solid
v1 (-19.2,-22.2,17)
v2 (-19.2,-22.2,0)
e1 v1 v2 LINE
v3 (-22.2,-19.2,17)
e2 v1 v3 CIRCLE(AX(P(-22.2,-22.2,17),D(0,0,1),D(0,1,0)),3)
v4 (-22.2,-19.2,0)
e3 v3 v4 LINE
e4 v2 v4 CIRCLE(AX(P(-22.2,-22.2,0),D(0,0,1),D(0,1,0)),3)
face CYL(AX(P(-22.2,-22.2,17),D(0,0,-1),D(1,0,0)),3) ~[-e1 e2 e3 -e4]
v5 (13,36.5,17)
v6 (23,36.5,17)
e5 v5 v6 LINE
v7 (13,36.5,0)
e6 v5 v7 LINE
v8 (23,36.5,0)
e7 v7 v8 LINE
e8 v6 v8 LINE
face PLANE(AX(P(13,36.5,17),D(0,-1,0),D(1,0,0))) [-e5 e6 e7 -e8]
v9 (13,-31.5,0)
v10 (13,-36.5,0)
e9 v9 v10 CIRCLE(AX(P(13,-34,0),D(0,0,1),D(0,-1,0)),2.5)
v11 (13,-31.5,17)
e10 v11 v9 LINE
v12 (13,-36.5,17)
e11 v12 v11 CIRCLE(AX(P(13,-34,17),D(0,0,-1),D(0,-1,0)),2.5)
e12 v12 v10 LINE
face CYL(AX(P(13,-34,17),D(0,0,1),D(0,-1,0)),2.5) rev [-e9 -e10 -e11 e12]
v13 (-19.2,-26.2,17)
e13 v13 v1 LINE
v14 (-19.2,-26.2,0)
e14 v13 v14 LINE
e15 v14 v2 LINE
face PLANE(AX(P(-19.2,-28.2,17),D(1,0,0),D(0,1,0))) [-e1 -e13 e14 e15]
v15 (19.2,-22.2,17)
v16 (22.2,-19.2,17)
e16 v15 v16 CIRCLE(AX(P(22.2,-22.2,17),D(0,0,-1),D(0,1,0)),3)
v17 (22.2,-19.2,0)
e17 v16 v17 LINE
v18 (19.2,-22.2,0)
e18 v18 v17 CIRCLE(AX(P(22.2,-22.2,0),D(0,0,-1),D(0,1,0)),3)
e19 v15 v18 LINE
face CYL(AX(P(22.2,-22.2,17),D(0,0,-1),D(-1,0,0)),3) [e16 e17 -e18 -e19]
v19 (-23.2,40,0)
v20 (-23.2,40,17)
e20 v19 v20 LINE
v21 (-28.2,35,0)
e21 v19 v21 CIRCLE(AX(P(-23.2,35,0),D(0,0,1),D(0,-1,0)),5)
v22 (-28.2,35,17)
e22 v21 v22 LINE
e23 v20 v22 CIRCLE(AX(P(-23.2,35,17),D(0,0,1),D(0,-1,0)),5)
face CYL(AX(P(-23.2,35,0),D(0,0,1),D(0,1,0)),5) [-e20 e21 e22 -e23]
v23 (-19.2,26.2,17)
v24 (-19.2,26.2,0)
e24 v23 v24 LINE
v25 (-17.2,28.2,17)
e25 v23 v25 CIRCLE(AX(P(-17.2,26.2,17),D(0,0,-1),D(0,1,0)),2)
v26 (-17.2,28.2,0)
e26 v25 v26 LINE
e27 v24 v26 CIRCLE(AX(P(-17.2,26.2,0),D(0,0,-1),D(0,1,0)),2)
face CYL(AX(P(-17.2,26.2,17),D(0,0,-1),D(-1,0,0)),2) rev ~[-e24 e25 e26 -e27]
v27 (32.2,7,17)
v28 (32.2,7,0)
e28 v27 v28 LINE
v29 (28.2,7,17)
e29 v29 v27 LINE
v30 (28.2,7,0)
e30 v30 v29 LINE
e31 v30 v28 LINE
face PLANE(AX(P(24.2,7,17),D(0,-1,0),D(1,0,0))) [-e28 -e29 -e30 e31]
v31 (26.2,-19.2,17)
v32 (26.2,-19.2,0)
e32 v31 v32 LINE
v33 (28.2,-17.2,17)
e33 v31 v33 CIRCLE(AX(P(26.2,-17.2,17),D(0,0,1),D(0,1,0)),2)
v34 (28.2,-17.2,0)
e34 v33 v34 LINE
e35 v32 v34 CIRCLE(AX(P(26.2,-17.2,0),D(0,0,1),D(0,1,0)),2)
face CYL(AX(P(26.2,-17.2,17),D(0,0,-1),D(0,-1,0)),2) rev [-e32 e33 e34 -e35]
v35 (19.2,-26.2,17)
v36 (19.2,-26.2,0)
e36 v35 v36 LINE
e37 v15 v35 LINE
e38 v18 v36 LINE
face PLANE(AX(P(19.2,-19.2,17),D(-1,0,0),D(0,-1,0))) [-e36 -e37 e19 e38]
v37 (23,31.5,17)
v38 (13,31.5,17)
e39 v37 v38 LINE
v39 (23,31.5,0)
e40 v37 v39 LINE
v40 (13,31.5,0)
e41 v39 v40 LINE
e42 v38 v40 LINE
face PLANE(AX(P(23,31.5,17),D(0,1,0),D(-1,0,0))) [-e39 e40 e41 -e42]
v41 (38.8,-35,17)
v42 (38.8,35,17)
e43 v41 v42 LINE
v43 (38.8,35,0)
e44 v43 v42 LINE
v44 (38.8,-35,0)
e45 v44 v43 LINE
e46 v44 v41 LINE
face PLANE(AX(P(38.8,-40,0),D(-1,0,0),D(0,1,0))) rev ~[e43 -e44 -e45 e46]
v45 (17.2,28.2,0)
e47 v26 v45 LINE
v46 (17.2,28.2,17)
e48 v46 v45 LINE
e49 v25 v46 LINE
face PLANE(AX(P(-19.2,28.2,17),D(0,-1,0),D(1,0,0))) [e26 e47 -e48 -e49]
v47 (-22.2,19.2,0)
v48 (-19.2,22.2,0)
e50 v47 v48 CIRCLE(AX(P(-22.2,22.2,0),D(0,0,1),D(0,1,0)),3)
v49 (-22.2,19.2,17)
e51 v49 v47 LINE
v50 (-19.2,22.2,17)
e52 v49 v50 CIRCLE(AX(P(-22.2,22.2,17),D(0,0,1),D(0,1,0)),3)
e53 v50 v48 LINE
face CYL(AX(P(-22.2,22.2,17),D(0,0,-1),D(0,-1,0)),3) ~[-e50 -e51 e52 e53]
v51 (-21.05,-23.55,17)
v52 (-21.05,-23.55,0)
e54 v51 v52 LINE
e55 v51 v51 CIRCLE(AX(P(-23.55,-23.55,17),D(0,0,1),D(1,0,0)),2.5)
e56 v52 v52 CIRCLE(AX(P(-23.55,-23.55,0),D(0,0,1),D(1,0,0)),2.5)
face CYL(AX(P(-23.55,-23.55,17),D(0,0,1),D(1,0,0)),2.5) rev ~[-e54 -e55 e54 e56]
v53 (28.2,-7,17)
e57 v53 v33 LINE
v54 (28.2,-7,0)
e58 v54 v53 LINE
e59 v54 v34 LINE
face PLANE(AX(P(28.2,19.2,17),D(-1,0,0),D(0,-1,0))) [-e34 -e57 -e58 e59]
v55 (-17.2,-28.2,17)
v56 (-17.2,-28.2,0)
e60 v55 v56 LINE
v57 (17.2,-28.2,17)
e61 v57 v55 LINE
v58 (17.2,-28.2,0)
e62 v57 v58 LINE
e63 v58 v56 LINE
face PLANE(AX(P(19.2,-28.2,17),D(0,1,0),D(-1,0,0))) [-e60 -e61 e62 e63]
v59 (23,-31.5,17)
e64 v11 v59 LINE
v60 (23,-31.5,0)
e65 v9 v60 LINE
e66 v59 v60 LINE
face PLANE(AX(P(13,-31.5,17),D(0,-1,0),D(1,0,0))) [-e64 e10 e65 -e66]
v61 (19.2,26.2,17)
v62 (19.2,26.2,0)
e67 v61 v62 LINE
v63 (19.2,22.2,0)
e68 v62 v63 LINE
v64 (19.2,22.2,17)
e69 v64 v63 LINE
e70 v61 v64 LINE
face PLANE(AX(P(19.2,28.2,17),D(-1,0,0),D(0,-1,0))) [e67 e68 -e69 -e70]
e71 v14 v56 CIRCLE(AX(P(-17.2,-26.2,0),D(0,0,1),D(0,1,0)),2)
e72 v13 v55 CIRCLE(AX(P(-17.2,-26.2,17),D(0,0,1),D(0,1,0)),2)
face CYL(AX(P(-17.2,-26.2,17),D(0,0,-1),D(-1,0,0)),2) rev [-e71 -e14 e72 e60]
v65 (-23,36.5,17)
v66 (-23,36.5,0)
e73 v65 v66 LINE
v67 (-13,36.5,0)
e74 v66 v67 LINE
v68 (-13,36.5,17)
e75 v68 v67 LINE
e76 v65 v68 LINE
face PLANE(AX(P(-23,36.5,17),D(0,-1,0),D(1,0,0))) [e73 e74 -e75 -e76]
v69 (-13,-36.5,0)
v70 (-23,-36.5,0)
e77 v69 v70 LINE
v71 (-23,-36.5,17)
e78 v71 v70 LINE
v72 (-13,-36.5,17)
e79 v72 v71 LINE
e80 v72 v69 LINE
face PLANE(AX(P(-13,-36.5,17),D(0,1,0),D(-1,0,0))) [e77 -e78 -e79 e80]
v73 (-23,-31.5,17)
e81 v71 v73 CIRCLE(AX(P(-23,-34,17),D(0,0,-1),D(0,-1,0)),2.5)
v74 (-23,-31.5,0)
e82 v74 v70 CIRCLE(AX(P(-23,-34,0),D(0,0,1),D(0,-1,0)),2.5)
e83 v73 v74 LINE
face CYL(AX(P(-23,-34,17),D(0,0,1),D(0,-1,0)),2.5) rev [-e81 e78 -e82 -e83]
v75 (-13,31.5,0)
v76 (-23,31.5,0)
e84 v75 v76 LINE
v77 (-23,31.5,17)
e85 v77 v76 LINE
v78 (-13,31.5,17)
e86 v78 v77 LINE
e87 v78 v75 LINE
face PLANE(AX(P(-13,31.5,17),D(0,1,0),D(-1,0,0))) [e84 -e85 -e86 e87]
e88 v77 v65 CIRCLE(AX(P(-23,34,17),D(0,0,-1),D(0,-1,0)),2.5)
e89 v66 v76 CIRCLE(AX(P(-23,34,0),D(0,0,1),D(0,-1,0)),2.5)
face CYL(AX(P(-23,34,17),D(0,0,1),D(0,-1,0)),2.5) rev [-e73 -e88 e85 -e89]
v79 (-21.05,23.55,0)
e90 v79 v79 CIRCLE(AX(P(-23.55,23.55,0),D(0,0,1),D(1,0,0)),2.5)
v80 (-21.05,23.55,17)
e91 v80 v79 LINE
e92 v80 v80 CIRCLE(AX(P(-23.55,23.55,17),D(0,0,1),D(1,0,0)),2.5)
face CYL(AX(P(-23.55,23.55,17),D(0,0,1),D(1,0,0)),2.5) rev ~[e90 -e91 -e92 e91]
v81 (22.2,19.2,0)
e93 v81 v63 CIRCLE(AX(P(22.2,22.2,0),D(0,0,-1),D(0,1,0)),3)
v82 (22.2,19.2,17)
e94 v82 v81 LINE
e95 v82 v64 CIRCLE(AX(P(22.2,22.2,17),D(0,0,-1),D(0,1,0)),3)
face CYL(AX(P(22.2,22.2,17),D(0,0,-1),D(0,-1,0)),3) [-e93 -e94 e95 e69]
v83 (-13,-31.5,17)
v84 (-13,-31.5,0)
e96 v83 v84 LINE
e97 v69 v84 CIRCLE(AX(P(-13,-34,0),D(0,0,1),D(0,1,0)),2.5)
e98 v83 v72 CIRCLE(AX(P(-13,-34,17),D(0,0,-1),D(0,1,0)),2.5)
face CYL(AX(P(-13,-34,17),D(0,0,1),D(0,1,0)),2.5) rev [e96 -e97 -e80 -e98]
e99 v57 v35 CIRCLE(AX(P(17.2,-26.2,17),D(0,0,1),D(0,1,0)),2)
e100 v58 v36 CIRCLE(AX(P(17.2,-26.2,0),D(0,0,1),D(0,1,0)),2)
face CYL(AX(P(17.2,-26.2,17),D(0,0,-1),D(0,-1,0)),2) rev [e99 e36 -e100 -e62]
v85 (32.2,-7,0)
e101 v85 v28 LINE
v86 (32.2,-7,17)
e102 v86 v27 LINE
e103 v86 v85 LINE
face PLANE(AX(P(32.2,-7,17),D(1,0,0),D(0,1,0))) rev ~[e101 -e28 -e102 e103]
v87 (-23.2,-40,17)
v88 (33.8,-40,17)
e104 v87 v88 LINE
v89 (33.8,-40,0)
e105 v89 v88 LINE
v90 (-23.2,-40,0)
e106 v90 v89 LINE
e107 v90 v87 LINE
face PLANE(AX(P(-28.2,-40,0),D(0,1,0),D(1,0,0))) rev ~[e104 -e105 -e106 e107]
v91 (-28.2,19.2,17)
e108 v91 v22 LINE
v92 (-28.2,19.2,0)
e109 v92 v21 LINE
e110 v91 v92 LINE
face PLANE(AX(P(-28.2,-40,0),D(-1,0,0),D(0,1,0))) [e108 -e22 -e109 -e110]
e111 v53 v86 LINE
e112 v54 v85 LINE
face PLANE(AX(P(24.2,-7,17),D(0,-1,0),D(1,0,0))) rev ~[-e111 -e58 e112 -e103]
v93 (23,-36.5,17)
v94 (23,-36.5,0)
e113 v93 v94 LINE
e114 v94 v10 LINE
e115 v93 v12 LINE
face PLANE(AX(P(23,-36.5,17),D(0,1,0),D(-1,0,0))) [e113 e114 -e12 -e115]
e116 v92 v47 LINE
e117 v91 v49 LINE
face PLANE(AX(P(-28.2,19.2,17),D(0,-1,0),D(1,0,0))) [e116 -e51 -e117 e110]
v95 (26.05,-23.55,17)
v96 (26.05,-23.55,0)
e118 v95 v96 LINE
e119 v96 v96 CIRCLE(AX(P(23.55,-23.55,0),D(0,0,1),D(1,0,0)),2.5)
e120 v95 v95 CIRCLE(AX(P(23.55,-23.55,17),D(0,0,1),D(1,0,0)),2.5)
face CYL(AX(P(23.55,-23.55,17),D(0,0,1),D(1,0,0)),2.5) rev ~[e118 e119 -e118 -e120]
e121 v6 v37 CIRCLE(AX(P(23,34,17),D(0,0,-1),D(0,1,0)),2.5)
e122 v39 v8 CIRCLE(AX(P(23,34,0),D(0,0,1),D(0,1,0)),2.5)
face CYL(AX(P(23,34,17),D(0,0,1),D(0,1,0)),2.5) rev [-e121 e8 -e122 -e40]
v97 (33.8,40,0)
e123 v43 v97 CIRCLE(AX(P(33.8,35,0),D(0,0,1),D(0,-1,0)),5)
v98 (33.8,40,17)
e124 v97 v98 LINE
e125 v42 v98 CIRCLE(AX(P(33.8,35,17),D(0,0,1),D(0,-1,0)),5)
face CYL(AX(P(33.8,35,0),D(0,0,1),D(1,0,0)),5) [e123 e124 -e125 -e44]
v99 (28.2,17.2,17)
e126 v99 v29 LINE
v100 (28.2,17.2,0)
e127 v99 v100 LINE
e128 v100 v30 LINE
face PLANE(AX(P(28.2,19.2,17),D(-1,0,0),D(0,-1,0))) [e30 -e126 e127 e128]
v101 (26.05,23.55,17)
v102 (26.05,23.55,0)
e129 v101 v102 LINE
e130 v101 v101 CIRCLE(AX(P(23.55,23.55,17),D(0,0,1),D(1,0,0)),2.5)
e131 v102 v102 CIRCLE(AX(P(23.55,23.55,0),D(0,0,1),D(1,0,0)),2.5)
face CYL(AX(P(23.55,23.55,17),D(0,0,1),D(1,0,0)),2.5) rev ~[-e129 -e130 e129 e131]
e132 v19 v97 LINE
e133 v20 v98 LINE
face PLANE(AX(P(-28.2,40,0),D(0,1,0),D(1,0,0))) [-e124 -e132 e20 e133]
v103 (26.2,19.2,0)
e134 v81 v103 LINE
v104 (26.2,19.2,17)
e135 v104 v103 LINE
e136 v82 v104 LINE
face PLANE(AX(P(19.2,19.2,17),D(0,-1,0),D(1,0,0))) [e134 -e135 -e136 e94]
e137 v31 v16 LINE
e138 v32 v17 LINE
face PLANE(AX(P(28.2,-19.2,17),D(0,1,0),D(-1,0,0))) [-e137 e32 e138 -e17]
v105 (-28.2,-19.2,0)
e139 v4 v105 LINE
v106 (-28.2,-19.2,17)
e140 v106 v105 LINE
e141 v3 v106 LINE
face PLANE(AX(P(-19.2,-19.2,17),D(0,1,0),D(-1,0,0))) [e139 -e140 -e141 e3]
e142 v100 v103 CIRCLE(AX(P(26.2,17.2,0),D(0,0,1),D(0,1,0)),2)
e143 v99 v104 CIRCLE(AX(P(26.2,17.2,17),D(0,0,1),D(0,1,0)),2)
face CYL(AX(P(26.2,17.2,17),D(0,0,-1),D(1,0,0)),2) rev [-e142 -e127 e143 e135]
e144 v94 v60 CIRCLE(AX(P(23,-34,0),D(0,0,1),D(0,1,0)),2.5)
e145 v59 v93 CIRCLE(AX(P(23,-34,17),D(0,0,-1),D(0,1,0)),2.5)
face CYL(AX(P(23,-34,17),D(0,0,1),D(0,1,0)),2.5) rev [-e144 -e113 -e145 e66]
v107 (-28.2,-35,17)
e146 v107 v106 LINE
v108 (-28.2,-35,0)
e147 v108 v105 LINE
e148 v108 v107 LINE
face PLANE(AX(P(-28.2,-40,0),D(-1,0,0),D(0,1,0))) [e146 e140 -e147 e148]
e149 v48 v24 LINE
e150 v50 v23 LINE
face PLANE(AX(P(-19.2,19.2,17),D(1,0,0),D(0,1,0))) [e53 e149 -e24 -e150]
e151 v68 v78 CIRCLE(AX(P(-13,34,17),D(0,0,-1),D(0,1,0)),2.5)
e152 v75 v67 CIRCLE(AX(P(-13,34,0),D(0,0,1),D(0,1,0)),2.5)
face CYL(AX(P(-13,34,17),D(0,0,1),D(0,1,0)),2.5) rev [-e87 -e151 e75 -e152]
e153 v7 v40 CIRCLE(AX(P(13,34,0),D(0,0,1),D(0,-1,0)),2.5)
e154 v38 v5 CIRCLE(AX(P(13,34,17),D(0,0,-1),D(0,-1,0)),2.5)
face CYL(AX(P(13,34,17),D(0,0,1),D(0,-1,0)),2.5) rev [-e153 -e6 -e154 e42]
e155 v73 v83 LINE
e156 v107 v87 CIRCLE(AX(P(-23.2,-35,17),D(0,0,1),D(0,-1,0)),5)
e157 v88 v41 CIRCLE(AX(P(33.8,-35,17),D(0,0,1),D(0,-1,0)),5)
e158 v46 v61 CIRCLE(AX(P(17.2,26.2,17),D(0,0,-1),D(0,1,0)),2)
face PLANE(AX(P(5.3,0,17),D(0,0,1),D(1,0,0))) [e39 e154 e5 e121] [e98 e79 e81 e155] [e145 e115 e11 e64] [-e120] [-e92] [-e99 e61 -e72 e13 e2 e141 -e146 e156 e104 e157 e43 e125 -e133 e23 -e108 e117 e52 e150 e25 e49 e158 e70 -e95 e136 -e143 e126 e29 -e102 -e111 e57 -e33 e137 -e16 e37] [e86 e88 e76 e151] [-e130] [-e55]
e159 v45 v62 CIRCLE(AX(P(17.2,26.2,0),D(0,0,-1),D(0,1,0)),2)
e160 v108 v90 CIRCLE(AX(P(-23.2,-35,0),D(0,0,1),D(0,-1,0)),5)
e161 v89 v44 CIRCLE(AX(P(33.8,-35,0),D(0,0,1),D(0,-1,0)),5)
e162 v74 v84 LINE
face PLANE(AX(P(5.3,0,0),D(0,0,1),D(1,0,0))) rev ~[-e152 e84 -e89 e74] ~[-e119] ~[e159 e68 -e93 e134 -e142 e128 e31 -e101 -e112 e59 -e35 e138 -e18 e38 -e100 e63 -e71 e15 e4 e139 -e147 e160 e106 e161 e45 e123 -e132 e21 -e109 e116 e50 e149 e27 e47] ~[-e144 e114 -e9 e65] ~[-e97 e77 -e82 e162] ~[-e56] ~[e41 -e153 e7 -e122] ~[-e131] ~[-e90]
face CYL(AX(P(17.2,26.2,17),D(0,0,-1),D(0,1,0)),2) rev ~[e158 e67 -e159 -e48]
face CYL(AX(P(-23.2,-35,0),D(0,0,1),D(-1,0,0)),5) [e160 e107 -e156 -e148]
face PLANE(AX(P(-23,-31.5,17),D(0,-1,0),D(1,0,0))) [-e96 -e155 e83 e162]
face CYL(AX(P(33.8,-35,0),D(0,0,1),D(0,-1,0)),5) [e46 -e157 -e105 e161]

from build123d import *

# Parameters (mm, degrees)
CROQUIS1_W              = 67
CROQUIS1_H              = 80
SALIENTE_EXTRUIR1_DEPTH = 17
CORTAR_EXTRUIR2_DEPTH   = 59.261822835
CROQUIS5_R              = 2.5
CORTAR_EXTRUIR3_DEPTH   = 59.261822835
REDONDEO1_R             = 2
REDONDEO2_R             = 3
REDONDEO3_R             = 5
CROQUIS6_W              = 8
CROQUIS6_H              = 14
CORTAR_EXTRUIR4_DEPTH   = 59.261822835


with BuildPart() as part:
    # Croquis1 → Saliente-Extruir1 (new body)
    with BuildSketch(Plane.XY):
        with Locations((5.3, 0)):
            Rectangle(CROQUIS1_W, CROQUIS1_H)
    extrude(amount=SALIENTE_EXTRUIR1_DEPTH)

    # Croquis4 → Cortar-Extruir2 (cut, through all)
    with BuildSketch(Plane.XY.offset(17)):
        Polygon((-28.2, 19.2), (-19.2, 19.2), (-19.2, 28.2), (19.2, 28.2), (19.2, 19.2), (28.2, 19.2), (28.2, -19.2), (19.2, -19.2), (19.2, -28.2), (-19.2, -28.2), (-19.2, -19.2), (-28.2, -19.2), align=None)
    extrude(amount=-CORTAR_EXTRUIR2_DEPTH, mode=Mode.SUBTRACT)

    # Croquis5 → Cortar-Extruir3 (cut, through all)
    with BuildSketch(Plane.XY.offset(17)):
        with Locations((-23.55, 23.55)):
            Circle(CROQUIS5_R)
        with Locations((23.55, 23.55)):
            Circle(CROQUIS5_R)
        with Locations((23.55, -23.55)):
            Circle(CROQUIS5_R)
        with Locations((-23.55, -23.55)):
            Circle(CROQUIS5_R)
        with BuildLine():
            Line((-23, 36.5), (-13, 36.5))
            ThreePointArc((-13, 36.5), (-10.5, 34), (-13, 31.5))
            Line((-13, 31.5), (-23, 31.5))
            ThreePointArc((-23, 31.5), (-25.5, 34), (-23, 36.5))
        make_face()
        with BuildLine():
            Line((13, 36.5), (23, 36.5))
            ThreePointArc((23, 36.5), (25.5, 34), (23, 31.5))
            Line((23, 31.5), (13, 31.5))
            ThreePointArc((13, 31.5), (10.5, 34), (13, 36.5))
        make_face()
        with BuildLine():
            Line((-23, -31.5), (-13, -31.5))
            ThreePointArc((-13, -31.5), (-10.5, -34), (-13, -36.5))
            Line((-13, -36.5), (-23, -36.5))
            ThreePointArc((-23, -36.5), (-25.5, -34), (-23, -31.5))
        make_face()
        with BuildLine():
            Line((13, -31.5), (23, -31.5))
            ThreePointArc((23, -31.5), (25.5, -34), (23, -36.5))
            Line((23, -36.5), (13, -36.5))
            ThreePointArc((13, -36.5), (10.5, -34), (13, -31.5))
        make_face()
    extrude(amount=-CORTAR_EXTRUIR3_DEPTH, mode=Mode.SUBTRACT)

    # Redondeo1
    redondeo1_edges = [part.edges().sort_by_distance(p)[0] for p in [
        (-19.2, 28.2, 8.5),
        (19.2, 28.2, 8.5),
        (28.2, 19.2, 8.5),
        (28.2, -19.2, 8.5),
        (19.2, -28.2, 8.5),
        (-19.2, -28.2, 8.5),
    ]]
    fillet(redondeo1_edges, radius=REDONDEO1_R)

    # Redondeo2
    redondeo2_edges = [part.edges().sort_by_distance(p)[0] for p in [
        (-19.2, 19.2, 8.5),
        (19.2, 19.2, 8.5),
        (19.2, -19.2, 8.5),
        (-19.2, -19.2, 8.5),
    ]]
    fillet(redondeo2_edges, radius=REDONDEO2_R)

    # Redondeo3
    redondeo3_edges = [part.edges().sort_by_distance(p)[0] for p in [
        (-28.2, 40, 8.5),
        (38.8, 40, 8.5),
        (38.8, -40, 8.5),
        (-28.2, -40, 8.5),
    ]]
    fillet(redondeo3_edges, radius=REDONDEO3_R)

    # Croquis6 → Cortar-Extruir4 (cut, through all)
    with BuildSketch(Plane.XY.offset(17)):
        with Locations((28.2, 0)):
            Rectangle(CROQUIS6_W, CROQUIS6_H)
    extrude(amount=-CORTAR_EXTRUIR4_DEPTH, mode=Mode.SUBTRACT)


solid = part.part
